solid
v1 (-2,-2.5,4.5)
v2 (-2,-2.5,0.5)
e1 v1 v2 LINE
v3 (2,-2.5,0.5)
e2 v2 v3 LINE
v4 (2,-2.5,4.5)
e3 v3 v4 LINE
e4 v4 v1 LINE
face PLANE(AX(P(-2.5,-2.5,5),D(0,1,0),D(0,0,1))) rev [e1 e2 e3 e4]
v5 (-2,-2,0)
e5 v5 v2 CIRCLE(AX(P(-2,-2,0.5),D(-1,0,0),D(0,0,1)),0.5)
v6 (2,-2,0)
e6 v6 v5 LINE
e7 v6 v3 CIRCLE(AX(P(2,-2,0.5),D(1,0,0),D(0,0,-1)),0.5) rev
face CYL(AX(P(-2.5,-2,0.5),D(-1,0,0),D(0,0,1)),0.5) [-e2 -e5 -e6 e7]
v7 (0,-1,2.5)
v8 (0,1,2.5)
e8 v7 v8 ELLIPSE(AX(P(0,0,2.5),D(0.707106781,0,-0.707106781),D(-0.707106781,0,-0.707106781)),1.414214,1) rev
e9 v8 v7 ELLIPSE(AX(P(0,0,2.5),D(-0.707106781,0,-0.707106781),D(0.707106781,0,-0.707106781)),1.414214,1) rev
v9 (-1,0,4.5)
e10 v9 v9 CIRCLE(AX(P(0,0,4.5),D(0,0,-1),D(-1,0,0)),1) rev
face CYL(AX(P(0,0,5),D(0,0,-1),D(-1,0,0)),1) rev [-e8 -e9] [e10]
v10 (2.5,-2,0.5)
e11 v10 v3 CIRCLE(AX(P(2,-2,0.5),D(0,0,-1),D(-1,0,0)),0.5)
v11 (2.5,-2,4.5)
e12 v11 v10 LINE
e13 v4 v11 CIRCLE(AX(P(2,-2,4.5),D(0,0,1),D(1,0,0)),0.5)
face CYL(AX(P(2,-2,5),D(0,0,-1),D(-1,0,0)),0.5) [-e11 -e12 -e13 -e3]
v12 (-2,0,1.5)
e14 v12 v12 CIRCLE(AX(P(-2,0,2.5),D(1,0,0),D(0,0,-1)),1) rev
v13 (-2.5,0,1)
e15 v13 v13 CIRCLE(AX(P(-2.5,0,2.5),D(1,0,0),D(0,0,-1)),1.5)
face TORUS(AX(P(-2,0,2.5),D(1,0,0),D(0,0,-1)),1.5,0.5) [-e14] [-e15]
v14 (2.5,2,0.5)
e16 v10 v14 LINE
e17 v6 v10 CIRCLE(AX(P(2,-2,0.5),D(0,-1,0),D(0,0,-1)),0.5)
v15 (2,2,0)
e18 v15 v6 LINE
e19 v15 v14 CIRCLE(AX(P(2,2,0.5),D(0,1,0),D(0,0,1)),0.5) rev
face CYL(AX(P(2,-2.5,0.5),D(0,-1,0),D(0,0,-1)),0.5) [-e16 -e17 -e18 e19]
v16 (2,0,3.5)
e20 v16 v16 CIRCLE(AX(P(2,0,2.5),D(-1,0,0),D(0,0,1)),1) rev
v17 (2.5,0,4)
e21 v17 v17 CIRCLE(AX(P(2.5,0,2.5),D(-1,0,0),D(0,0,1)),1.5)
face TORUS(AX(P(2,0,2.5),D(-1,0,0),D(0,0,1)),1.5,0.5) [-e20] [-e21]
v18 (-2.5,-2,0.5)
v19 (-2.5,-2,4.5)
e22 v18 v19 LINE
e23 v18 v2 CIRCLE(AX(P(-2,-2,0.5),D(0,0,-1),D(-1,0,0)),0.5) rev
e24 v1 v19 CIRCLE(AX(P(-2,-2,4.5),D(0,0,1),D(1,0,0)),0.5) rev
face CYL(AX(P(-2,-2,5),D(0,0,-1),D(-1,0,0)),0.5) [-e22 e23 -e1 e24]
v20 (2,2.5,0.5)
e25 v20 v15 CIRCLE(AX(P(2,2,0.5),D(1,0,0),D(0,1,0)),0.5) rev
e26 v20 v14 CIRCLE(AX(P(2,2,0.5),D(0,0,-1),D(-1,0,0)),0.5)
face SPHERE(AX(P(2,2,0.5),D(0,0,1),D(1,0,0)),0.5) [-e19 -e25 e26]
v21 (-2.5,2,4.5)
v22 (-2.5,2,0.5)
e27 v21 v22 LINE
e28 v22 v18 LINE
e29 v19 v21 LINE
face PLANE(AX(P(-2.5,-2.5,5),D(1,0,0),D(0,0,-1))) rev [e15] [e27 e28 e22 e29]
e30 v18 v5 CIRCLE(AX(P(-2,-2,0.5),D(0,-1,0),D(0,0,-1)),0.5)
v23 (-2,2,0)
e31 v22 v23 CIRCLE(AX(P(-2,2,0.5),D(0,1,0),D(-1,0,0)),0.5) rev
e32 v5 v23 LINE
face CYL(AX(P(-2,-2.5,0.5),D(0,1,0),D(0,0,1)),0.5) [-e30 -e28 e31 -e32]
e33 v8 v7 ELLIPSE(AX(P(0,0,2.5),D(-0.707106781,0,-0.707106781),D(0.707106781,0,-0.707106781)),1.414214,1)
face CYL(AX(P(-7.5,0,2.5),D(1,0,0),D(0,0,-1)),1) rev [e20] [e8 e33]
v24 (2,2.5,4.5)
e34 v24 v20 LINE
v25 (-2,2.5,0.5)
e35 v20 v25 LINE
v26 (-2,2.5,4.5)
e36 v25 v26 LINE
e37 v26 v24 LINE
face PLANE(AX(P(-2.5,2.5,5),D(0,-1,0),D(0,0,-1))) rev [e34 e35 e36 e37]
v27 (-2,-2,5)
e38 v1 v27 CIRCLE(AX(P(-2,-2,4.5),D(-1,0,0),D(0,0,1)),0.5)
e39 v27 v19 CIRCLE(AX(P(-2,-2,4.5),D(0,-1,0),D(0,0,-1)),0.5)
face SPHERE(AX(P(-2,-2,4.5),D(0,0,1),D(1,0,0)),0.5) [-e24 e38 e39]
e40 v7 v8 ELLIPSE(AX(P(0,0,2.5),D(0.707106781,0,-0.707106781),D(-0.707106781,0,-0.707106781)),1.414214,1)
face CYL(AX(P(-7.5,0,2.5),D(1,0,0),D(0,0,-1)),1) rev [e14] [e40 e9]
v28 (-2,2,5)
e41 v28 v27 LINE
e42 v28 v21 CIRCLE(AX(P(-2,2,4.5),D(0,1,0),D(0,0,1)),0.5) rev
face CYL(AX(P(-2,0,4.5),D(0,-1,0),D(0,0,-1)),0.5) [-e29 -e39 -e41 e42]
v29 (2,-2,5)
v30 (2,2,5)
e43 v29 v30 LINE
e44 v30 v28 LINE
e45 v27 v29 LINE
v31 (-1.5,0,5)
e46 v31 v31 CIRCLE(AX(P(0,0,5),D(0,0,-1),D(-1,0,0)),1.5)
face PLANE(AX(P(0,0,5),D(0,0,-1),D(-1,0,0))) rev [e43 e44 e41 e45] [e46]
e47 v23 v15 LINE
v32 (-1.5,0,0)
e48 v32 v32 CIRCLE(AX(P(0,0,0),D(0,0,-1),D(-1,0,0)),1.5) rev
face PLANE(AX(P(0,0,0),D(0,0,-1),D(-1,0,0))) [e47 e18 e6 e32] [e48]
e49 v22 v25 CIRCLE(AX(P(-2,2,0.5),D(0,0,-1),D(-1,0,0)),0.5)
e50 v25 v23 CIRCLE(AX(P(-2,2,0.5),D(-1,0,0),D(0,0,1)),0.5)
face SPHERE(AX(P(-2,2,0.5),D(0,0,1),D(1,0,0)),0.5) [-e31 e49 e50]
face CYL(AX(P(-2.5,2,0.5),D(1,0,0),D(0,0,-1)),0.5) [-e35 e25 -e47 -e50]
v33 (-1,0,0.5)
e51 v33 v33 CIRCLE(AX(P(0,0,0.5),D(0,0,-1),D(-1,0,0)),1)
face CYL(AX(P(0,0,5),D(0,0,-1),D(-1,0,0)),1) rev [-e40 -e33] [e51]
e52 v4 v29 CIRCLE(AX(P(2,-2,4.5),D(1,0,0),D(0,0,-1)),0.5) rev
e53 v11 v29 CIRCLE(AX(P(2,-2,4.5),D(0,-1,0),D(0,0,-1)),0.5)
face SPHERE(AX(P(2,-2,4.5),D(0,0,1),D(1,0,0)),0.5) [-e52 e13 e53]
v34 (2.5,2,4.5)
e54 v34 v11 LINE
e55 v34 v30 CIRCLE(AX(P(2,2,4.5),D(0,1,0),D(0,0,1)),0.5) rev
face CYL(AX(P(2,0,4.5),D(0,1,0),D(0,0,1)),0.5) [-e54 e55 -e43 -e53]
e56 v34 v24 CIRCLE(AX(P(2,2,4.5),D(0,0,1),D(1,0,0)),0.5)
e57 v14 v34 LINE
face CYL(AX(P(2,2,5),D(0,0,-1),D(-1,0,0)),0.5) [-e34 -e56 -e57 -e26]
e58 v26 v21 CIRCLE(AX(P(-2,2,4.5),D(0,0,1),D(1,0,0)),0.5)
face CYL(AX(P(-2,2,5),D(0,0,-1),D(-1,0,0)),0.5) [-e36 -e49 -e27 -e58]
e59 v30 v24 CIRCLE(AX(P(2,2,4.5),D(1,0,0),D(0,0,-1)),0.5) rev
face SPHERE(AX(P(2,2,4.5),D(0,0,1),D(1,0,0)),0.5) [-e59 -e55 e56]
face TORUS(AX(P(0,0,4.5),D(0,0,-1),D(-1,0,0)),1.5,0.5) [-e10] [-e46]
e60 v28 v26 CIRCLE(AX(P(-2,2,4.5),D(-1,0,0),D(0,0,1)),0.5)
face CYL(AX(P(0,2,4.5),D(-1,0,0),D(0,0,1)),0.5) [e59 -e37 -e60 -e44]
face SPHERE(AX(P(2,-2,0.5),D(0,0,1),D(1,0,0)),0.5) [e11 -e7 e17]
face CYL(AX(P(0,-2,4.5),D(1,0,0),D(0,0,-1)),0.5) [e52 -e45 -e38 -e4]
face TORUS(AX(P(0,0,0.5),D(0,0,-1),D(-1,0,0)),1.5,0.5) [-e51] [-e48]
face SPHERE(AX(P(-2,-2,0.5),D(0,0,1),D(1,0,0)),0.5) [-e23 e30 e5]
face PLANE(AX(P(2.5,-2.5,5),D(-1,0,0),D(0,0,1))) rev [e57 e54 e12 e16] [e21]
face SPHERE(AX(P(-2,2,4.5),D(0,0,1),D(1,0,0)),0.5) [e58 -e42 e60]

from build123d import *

# Parameters (mm, degrees)
ESQUISSE1_W             = 5
ESQUISSE1_H             = 5
ESQUISSE1_R             = 1
BOSS_EXTRU_1_DEPTH      = 5
ESQUISSE2_R             = 1
ENL_V_MAT_EXTRU_1_DEPTH = 10
CONG_1_R                = 0.5


with BuildPart() as part:
    # Esquisse1 → Boss.-Extru.1 (new body)
    with BuildSketch(Plane.XY):
        Rectangle(ESQUISSE1_W, ESQUISSE1_H)
        Circle(ESQUISSE1_R, mode=Mode.SUBTRACT)
    extrude(amount=BOSS_EXTRU_1_DEPTH)

    # Esquisse2 → Enlèv. mat.-Extru.1 (cut)
    with BuildSketch(Plane(origin=(2.5, 0, 0), x_dir=(0, 0, -1), z_dir=(1, 0, 0))):
        with Locations((-2.5, 0)):
            Circle(ESQUISSE2_R)
    extrude(amount=-ENL_V_MAT_EXTRU_1_DEPTH, mode=Mode.SUBTRACT)

    # Congé1
    cong_1_edges = [part.edges().sort_by_distance(p)[0] for p in [
        (-2.5, 0, 5),
        (-1, 0, 0),
        (-1, 0, 5),
        (0, -2.5, 5),
        (-2.5, 0, 3.5),
        (2.5, 0, 3.5),
        (2.5, 0, 5),
        (0, -2.5, 0),
        (-2.5, 0, 0),
        (0, 2.5, 0),
        (2.5, 0, 0),
        (0, 2.5, 5),
        (2.5, -2.5, 2.5),
        (-2.5, -2.5, 2.5),
        (-2.5, 2.5, 2.5),
        (2.5, 2.5, 2.5),
    ]]
    fillet(cong_1_edges, radius=CONG_1_R)


solid = part.part
